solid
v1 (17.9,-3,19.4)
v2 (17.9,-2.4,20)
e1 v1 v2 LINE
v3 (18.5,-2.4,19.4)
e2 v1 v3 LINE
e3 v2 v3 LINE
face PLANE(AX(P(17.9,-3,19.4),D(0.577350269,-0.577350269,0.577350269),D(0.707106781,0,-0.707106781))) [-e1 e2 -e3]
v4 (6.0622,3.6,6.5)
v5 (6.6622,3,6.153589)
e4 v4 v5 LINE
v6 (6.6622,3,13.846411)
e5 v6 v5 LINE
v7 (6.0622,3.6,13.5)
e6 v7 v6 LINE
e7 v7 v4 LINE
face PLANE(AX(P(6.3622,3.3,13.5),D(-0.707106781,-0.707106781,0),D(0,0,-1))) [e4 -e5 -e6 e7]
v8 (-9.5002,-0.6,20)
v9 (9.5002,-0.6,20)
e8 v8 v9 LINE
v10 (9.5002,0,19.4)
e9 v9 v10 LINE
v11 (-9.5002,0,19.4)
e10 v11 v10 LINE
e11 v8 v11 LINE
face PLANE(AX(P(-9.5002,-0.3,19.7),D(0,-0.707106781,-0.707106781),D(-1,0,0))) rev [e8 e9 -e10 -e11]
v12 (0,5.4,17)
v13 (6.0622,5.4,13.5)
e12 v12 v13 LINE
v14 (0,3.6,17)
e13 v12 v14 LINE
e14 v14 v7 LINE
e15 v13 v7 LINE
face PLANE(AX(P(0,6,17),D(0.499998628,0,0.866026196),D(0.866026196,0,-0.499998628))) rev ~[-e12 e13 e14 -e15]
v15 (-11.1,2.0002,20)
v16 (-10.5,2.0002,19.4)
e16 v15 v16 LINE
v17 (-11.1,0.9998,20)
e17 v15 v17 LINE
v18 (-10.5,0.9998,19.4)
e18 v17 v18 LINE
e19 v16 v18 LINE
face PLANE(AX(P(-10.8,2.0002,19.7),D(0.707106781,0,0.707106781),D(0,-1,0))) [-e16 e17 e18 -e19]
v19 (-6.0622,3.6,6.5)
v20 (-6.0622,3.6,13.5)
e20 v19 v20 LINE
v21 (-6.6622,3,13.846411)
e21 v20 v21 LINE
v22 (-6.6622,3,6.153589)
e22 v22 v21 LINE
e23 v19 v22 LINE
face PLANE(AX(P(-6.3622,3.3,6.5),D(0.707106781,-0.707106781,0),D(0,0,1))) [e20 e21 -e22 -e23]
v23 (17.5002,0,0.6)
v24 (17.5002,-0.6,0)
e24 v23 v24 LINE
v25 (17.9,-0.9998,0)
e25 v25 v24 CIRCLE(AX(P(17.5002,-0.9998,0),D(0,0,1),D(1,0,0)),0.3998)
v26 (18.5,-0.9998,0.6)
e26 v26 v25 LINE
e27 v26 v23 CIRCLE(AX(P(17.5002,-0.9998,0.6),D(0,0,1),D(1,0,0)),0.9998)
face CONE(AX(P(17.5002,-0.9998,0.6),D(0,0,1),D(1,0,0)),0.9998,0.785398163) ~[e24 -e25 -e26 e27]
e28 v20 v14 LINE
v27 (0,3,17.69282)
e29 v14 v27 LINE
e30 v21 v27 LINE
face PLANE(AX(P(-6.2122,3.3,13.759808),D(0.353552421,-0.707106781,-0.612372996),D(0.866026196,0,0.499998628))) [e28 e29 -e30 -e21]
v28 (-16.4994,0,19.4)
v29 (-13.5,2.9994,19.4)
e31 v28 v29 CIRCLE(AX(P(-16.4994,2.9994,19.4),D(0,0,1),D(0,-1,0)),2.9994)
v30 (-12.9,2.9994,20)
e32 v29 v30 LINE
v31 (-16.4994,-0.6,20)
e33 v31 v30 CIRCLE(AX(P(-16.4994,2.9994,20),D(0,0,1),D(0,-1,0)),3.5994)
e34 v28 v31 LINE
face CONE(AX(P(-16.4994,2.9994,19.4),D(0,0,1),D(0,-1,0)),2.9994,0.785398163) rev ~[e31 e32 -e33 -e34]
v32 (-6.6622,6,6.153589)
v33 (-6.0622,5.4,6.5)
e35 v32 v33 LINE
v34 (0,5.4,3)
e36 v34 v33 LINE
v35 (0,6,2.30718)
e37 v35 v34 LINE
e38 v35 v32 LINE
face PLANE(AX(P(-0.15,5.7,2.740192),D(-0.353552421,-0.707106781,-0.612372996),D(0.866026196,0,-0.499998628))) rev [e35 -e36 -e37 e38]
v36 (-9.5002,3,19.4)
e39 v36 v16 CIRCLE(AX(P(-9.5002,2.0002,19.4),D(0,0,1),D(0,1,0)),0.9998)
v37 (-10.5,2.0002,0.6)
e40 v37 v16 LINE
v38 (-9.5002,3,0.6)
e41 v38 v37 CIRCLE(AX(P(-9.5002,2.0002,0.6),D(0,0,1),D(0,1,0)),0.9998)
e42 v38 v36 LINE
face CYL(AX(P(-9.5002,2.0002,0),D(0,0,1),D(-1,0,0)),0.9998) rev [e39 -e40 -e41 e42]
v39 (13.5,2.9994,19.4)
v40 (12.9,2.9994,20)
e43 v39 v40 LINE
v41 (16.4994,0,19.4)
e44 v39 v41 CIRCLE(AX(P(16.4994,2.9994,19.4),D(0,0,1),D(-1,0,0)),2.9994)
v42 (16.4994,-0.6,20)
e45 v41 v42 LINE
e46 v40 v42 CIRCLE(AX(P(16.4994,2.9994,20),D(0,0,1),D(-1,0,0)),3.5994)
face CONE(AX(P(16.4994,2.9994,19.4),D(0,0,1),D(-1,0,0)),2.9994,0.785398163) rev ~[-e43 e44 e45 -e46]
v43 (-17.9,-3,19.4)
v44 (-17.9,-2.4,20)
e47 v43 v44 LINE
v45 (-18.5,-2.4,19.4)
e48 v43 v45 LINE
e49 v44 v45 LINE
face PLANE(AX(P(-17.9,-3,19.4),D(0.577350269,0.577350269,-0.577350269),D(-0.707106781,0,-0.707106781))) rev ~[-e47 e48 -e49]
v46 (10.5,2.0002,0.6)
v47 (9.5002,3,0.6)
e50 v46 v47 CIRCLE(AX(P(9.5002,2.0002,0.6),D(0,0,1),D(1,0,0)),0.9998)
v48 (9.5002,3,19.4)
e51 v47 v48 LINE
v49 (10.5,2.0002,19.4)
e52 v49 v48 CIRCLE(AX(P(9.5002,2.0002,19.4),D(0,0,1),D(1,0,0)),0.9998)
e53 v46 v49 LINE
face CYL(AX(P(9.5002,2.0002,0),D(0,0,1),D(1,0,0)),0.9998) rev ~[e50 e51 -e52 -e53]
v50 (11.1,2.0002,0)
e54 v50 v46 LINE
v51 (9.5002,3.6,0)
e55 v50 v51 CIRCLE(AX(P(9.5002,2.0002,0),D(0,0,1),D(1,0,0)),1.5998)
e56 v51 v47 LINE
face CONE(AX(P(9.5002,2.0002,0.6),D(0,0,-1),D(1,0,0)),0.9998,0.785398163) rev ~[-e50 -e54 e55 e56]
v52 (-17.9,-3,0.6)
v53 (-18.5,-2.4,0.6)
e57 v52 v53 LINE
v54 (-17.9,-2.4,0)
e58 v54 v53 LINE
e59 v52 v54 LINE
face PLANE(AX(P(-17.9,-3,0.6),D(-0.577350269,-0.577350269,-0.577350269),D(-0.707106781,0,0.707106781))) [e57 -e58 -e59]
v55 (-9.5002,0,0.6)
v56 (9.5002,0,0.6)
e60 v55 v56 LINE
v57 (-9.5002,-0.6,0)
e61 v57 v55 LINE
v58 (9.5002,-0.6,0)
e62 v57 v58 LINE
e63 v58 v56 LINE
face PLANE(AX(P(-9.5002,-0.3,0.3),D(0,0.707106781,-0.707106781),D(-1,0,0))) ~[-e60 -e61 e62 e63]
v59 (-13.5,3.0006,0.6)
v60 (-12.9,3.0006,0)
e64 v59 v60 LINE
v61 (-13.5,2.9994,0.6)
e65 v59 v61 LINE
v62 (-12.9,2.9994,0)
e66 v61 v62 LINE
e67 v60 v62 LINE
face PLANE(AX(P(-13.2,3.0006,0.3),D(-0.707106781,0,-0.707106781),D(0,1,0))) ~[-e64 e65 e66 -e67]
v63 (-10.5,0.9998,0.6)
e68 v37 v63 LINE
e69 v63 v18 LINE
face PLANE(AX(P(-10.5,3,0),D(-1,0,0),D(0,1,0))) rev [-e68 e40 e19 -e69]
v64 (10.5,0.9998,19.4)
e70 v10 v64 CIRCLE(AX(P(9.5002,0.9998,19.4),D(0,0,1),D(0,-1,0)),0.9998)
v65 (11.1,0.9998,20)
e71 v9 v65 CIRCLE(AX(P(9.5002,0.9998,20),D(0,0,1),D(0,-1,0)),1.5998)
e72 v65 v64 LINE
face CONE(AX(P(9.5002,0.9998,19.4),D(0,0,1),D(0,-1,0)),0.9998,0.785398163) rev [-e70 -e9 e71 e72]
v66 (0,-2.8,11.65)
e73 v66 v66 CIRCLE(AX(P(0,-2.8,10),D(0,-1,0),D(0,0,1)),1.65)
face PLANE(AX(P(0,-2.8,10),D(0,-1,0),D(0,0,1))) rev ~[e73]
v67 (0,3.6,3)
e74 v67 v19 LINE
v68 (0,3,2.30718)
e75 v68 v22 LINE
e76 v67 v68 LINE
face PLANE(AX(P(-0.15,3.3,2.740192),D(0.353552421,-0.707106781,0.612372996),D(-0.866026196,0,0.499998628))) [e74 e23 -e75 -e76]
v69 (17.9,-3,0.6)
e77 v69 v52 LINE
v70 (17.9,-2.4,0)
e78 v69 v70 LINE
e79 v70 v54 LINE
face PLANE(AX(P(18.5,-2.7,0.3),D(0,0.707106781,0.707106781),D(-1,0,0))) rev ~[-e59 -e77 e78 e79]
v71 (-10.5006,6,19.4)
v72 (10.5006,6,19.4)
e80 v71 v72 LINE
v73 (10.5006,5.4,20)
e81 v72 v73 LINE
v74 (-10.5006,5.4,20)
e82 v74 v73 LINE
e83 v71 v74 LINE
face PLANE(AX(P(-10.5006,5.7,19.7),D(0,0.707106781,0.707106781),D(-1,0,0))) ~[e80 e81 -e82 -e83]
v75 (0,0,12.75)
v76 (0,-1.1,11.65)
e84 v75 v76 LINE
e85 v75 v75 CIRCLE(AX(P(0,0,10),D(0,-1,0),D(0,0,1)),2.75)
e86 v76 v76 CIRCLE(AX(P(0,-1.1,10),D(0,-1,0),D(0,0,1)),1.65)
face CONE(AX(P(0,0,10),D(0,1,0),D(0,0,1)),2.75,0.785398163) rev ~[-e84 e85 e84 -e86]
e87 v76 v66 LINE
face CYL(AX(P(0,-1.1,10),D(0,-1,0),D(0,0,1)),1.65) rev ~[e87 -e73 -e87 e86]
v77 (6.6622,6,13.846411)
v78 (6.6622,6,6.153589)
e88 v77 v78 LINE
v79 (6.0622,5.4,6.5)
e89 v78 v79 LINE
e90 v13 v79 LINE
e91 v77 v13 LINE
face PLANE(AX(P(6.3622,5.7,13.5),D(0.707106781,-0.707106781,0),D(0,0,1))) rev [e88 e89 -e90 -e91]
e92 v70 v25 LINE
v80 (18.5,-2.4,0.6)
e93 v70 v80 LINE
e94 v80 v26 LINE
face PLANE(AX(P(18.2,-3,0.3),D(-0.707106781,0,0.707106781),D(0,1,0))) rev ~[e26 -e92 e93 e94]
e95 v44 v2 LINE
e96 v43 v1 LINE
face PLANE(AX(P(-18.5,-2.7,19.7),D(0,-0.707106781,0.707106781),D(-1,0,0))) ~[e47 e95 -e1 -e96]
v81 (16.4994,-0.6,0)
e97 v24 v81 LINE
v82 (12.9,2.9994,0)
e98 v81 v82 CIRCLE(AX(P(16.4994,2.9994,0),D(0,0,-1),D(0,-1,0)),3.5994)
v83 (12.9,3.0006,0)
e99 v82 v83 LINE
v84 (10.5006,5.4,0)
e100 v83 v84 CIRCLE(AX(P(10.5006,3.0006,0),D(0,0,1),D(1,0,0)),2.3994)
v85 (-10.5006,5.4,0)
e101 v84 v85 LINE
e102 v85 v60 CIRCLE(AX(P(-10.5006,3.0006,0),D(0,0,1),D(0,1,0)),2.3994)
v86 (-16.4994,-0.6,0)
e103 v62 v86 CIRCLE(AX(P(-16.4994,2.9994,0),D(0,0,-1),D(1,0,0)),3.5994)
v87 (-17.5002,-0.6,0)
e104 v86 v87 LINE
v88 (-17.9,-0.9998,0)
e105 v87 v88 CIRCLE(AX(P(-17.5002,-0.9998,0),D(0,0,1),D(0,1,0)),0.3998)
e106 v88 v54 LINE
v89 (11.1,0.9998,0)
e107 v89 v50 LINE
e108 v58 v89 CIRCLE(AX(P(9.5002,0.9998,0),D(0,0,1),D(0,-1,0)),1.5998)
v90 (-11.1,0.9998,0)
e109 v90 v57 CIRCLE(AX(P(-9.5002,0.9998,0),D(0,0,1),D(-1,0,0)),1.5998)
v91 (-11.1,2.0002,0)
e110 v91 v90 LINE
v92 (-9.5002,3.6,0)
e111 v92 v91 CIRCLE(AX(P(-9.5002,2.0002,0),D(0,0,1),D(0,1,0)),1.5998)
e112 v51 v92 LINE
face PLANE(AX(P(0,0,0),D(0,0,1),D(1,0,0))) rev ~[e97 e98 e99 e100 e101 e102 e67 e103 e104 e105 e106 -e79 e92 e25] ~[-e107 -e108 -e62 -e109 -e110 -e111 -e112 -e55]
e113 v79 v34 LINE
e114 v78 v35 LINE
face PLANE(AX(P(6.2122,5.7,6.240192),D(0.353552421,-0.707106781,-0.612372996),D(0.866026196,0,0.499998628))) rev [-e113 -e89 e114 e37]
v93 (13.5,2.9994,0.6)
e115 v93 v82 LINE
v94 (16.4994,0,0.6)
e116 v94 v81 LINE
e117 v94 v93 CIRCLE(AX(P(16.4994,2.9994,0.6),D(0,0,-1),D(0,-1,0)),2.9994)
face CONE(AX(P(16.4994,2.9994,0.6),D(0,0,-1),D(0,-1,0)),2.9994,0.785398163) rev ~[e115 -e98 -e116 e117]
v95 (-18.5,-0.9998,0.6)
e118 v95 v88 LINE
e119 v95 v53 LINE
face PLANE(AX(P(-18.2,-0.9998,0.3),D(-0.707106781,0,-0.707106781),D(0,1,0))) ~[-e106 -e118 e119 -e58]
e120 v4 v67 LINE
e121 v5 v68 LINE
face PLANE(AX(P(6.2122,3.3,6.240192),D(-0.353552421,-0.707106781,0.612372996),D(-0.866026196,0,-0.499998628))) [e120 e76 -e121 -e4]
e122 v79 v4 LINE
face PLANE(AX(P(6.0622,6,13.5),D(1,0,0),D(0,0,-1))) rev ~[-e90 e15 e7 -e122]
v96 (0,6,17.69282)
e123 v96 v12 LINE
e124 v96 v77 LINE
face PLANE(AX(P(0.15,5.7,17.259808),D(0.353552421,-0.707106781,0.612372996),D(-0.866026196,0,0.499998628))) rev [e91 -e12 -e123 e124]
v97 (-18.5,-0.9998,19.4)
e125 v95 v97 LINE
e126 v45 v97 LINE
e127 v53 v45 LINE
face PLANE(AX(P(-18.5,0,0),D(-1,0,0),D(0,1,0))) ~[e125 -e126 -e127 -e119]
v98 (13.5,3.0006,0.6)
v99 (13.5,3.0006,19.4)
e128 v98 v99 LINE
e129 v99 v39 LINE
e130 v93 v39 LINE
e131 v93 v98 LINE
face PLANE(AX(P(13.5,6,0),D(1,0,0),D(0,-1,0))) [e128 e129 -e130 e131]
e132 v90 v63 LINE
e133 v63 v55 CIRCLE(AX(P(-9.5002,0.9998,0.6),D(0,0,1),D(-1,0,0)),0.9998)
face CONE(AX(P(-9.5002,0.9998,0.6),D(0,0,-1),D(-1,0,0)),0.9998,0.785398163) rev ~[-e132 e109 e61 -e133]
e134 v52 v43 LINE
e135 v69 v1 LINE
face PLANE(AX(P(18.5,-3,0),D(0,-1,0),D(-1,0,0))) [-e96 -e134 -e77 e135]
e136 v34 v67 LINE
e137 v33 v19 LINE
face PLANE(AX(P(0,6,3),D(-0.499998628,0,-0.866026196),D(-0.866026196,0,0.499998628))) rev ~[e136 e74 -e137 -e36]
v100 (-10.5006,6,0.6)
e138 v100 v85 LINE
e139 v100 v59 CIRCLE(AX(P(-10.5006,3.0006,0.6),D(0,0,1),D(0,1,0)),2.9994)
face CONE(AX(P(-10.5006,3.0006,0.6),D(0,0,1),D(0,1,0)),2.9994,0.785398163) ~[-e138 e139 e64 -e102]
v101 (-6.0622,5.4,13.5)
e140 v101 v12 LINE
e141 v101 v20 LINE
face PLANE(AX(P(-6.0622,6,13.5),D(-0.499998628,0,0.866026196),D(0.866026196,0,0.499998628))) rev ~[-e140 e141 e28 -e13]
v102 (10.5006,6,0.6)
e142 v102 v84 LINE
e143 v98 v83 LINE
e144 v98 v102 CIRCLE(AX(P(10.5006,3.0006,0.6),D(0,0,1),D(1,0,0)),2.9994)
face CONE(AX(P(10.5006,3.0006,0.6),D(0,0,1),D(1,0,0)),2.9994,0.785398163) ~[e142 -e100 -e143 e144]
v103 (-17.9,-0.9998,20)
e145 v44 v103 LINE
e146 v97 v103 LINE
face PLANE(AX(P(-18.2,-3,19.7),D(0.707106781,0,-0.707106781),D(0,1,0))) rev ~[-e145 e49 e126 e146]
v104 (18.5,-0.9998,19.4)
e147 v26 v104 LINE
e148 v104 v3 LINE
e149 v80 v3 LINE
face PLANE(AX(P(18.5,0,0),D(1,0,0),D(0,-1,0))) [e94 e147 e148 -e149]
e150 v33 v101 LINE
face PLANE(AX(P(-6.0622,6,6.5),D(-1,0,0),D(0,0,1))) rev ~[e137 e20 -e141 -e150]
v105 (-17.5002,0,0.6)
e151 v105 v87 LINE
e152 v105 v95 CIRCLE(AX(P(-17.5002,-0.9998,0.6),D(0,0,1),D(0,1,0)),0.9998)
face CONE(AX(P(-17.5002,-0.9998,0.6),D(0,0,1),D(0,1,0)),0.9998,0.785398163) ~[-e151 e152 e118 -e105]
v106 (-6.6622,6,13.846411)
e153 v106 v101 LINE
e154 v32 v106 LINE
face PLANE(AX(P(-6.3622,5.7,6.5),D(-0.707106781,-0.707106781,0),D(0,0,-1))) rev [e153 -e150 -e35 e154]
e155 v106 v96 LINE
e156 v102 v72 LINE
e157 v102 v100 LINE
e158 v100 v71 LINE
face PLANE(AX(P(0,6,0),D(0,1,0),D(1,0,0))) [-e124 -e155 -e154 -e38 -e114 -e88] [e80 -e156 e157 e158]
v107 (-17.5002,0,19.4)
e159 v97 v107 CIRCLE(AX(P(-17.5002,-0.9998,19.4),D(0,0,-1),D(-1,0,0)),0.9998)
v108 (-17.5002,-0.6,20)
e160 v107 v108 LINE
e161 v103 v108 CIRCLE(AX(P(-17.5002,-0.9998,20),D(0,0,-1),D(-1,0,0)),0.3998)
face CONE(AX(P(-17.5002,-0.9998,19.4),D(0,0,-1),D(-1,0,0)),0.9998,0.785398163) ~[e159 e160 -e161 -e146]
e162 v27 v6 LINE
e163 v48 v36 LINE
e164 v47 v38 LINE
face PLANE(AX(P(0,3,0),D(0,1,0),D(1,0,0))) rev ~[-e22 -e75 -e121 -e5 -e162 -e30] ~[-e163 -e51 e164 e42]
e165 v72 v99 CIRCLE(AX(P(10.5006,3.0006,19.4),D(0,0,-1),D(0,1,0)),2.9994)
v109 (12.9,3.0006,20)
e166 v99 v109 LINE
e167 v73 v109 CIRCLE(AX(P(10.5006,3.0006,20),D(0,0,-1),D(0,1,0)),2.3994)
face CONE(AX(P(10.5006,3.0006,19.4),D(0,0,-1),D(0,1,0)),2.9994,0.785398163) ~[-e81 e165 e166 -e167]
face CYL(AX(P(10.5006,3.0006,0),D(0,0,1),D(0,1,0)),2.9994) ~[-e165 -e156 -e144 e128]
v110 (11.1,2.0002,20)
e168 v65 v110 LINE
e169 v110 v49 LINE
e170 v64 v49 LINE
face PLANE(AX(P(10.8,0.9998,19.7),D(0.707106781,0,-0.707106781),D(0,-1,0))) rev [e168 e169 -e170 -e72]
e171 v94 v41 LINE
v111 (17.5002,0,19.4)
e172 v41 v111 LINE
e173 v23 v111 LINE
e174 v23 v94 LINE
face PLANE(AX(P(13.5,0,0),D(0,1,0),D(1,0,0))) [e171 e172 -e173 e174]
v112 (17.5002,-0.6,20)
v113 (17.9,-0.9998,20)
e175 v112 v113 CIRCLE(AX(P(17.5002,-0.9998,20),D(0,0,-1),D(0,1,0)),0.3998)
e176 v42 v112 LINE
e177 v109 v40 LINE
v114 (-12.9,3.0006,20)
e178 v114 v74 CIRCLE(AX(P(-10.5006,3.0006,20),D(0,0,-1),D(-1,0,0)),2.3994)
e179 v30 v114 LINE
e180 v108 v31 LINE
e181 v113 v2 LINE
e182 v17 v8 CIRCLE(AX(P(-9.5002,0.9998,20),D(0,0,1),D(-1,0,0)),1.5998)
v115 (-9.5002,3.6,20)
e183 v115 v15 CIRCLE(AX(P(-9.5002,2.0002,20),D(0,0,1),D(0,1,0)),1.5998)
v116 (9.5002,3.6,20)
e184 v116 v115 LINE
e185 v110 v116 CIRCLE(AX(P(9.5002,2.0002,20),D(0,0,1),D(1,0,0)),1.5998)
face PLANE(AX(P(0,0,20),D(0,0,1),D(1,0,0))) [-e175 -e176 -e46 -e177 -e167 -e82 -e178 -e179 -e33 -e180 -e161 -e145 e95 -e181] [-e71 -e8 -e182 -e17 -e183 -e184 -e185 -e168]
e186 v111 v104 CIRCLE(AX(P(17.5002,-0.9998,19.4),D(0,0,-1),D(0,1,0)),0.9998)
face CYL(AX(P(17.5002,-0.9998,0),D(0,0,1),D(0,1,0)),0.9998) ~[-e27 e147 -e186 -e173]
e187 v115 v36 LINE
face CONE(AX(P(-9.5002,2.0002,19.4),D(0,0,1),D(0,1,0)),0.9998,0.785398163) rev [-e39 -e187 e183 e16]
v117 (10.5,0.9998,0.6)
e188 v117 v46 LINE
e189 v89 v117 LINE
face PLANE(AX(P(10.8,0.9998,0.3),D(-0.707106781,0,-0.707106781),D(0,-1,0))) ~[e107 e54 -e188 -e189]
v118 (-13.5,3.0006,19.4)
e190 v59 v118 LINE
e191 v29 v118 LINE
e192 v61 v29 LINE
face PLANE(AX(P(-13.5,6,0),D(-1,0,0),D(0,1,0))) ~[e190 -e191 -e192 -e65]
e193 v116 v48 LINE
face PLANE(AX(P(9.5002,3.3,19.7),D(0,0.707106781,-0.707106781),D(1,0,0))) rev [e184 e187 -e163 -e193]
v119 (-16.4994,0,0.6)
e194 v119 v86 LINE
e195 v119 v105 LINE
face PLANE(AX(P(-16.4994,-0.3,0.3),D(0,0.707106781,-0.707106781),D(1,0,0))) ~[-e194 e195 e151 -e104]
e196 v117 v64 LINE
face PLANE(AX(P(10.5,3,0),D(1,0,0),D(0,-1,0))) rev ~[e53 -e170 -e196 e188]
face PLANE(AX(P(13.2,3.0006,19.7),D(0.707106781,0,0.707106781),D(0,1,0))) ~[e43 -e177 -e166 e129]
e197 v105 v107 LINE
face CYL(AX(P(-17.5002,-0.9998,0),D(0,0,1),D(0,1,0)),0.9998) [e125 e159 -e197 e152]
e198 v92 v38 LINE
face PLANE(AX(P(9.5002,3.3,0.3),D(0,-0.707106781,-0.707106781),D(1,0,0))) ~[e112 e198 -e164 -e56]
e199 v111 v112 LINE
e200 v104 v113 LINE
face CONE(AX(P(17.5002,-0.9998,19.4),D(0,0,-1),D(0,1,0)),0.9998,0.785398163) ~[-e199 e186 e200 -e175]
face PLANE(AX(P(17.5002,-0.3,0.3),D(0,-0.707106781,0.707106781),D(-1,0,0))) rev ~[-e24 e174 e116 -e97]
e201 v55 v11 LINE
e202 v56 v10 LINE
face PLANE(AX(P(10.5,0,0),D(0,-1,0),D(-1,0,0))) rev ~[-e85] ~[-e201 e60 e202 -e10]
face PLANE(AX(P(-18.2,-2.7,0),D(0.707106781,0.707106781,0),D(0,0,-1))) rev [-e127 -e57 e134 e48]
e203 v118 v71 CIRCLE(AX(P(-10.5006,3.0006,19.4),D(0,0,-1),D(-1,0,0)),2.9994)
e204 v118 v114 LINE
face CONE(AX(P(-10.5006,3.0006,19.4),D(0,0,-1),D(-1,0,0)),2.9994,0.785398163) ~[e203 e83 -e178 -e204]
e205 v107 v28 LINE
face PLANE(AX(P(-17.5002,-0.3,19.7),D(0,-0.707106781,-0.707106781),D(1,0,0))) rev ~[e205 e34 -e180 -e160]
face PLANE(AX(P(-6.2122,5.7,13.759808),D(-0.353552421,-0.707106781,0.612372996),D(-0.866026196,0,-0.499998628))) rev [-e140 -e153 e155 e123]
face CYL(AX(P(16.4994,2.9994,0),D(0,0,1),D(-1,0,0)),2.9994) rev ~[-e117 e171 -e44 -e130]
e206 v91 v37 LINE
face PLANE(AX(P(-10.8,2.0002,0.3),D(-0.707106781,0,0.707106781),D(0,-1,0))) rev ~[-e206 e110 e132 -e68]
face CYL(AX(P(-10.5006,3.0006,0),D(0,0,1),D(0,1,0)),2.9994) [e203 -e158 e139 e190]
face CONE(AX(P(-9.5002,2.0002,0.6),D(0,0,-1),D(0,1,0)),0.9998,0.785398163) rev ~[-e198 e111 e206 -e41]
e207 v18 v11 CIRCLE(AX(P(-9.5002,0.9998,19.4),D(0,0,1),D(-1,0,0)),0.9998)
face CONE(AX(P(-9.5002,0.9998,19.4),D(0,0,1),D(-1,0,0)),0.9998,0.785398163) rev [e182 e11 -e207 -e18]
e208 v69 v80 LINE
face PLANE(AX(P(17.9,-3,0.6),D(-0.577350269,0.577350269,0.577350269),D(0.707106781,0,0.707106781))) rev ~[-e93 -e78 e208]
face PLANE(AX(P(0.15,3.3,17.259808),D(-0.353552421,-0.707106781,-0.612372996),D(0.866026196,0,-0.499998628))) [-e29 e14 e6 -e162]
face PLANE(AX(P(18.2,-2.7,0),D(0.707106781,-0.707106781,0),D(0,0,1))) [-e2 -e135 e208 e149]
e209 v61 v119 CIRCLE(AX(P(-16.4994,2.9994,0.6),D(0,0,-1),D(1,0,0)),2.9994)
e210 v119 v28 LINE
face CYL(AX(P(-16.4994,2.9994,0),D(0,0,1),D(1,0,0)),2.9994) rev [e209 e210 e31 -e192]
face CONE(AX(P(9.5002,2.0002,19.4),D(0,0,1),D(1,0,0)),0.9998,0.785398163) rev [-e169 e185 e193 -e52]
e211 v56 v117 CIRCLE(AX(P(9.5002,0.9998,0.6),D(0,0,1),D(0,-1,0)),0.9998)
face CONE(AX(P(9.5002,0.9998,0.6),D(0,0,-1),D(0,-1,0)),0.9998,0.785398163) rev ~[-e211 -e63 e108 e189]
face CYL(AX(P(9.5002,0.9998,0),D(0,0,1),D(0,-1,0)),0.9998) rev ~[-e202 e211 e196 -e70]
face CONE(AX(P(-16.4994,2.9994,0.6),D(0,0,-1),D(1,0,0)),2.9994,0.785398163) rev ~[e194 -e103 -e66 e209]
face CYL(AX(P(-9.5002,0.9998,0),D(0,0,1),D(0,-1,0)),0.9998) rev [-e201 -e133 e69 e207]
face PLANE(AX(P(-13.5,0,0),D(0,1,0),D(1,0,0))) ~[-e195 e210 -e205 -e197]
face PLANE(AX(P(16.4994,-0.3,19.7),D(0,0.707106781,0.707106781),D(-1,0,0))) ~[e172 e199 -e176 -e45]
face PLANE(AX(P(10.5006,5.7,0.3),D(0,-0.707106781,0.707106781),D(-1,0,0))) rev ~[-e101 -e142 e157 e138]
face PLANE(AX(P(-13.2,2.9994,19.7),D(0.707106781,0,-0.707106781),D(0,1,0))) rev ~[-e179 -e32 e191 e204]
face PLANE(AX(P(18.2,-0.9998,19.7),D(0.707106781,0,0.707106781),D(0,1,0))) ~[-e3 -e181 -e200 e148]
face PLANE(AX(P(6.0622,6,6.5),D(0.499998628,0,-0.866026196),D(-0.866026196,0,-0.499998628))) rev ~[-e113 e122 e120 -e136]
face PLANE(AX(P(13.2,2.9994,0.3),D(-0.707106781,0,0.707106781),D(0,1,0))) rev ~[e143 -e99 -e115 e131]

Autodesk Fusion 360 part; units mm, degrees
sketch "Sketch1" plane through (0, 0, 0) normal (0, 0, 1) x (1, 0, 0)
  line L0 (0, 3) -> (10.5, 3)
  line L1 (10.5, 3) -> (10.5, 0)
  line L2 (10.5, 0) -> (0, 0)
  line L3 (0, 6) -> (13.5, 6)
  line L4 (13.5, 6) -> (13.5, 0)
  line L5 (13.5, 0) -> (18.5, 0)
  line L6 (18.5, 0) -> (18.5, -3)
  line L7 (18.5, -3) -> (0, -3)
  line L8 (0, 6) -> (0, 3)
  line L9 (0, -3) -> (0, 0)
  dimension "d1" = 10.5
  dimension "d2" = 3
  dimension "d3" = 3
  dimension "d4" = 6
  dimension "d5" = 3
  dimension "d6" = 5
extrude "Extrude1" add sketch "Sketch1" along normal blind 20
fillet "Fillet1" radius 1 2 edges at (10.5, 3, 10) (10.5, 0, 10)
fillet "Fillet1" radius 3 2 edges at (13.5, 6, 10) (13.5, 0, 10)
fillet "Fillet1" radius 1 1 edges at (18.5, 0, 10)
mirror "Mirror1" about plane through (0, -3, 0) normal (-1, 0, 0) of bodies 1 merged
chamfer "Chamfer1" distance 0.6 angle 45 2 faces at (-3.1667, -2, 20) (-3.1667, -2, 0)
chamfer "Chamfer1" distance 0.6 angle 45 2 edges at (18.5, -3, 10) (-18.5, -3, 10)
sketch "Sketch2" plane through (0, 6, 0) normal (0, 1, 0) x (-1, 0, 0)
  line L0 (10.5, 19.4) -> (-10.5, 19.4)
  line L1 (-10.5, 19.4) -> (-10.5, 0.6)
  line L2 (-10.5, 0.6) -> (10.5, 0.6)
  line L3 (10.5, 0.6) -> (10.5, 19.4)
  line L4 (-10.5, 0.6) -> (10.5, 19.4) construction
  line L5 (-6.0622, 13.5) -> (-6.0622, 6.5)
  line L6 (-6.0622, 6.5) -> (0, 3)
  line L7 (0, 3) -> (6.0622, 6.5)
  line L8 (6.0622, 6.5) -> (6.0622, 13.5)
  line L9 (6.0622, 13.5) -> (0, 17)
  line L10 (0, 17) -> (-6.0622, 13.5)
  point P0 (0, 10)
  point P1 (0, 10)
  dimension "d19" = 7
extrude "Extrude2" cut sketch "Sketch2" against normal up to surface (3 mm away) contours L5 L6 L7 L8 L9 L10
chamfer "Chamfer2" distance 0.6 angle 45 12 edges at (-3.0311, 6, 4.75) (-6.0622, 6, 10) (-3.0311, 6, 15.25) (3.0311, 6, 15.25) (6.0622, 6, 10) (3.0311, 6, 4.75) (-3.0311, 3, 4.75) (3.0311, 3, 4.75) (6.0622, 3, 10) (3.0311, 3, 15.25) (-3.0311, 3, 15.25) (-6.0622, 3, 10)
hole "Hole1" at (0, 0, 10) direction (0, -1, 0) diameter 3.3 depth 2.8 tip angle 180 countersink diameter 5.5 countersink angle 90
equation "d1 = ( 21 / 2 ) * 1 mm"
equation "d3 = d2"
equation "d4 = 2 * d2"
equation "d5 = d2"
